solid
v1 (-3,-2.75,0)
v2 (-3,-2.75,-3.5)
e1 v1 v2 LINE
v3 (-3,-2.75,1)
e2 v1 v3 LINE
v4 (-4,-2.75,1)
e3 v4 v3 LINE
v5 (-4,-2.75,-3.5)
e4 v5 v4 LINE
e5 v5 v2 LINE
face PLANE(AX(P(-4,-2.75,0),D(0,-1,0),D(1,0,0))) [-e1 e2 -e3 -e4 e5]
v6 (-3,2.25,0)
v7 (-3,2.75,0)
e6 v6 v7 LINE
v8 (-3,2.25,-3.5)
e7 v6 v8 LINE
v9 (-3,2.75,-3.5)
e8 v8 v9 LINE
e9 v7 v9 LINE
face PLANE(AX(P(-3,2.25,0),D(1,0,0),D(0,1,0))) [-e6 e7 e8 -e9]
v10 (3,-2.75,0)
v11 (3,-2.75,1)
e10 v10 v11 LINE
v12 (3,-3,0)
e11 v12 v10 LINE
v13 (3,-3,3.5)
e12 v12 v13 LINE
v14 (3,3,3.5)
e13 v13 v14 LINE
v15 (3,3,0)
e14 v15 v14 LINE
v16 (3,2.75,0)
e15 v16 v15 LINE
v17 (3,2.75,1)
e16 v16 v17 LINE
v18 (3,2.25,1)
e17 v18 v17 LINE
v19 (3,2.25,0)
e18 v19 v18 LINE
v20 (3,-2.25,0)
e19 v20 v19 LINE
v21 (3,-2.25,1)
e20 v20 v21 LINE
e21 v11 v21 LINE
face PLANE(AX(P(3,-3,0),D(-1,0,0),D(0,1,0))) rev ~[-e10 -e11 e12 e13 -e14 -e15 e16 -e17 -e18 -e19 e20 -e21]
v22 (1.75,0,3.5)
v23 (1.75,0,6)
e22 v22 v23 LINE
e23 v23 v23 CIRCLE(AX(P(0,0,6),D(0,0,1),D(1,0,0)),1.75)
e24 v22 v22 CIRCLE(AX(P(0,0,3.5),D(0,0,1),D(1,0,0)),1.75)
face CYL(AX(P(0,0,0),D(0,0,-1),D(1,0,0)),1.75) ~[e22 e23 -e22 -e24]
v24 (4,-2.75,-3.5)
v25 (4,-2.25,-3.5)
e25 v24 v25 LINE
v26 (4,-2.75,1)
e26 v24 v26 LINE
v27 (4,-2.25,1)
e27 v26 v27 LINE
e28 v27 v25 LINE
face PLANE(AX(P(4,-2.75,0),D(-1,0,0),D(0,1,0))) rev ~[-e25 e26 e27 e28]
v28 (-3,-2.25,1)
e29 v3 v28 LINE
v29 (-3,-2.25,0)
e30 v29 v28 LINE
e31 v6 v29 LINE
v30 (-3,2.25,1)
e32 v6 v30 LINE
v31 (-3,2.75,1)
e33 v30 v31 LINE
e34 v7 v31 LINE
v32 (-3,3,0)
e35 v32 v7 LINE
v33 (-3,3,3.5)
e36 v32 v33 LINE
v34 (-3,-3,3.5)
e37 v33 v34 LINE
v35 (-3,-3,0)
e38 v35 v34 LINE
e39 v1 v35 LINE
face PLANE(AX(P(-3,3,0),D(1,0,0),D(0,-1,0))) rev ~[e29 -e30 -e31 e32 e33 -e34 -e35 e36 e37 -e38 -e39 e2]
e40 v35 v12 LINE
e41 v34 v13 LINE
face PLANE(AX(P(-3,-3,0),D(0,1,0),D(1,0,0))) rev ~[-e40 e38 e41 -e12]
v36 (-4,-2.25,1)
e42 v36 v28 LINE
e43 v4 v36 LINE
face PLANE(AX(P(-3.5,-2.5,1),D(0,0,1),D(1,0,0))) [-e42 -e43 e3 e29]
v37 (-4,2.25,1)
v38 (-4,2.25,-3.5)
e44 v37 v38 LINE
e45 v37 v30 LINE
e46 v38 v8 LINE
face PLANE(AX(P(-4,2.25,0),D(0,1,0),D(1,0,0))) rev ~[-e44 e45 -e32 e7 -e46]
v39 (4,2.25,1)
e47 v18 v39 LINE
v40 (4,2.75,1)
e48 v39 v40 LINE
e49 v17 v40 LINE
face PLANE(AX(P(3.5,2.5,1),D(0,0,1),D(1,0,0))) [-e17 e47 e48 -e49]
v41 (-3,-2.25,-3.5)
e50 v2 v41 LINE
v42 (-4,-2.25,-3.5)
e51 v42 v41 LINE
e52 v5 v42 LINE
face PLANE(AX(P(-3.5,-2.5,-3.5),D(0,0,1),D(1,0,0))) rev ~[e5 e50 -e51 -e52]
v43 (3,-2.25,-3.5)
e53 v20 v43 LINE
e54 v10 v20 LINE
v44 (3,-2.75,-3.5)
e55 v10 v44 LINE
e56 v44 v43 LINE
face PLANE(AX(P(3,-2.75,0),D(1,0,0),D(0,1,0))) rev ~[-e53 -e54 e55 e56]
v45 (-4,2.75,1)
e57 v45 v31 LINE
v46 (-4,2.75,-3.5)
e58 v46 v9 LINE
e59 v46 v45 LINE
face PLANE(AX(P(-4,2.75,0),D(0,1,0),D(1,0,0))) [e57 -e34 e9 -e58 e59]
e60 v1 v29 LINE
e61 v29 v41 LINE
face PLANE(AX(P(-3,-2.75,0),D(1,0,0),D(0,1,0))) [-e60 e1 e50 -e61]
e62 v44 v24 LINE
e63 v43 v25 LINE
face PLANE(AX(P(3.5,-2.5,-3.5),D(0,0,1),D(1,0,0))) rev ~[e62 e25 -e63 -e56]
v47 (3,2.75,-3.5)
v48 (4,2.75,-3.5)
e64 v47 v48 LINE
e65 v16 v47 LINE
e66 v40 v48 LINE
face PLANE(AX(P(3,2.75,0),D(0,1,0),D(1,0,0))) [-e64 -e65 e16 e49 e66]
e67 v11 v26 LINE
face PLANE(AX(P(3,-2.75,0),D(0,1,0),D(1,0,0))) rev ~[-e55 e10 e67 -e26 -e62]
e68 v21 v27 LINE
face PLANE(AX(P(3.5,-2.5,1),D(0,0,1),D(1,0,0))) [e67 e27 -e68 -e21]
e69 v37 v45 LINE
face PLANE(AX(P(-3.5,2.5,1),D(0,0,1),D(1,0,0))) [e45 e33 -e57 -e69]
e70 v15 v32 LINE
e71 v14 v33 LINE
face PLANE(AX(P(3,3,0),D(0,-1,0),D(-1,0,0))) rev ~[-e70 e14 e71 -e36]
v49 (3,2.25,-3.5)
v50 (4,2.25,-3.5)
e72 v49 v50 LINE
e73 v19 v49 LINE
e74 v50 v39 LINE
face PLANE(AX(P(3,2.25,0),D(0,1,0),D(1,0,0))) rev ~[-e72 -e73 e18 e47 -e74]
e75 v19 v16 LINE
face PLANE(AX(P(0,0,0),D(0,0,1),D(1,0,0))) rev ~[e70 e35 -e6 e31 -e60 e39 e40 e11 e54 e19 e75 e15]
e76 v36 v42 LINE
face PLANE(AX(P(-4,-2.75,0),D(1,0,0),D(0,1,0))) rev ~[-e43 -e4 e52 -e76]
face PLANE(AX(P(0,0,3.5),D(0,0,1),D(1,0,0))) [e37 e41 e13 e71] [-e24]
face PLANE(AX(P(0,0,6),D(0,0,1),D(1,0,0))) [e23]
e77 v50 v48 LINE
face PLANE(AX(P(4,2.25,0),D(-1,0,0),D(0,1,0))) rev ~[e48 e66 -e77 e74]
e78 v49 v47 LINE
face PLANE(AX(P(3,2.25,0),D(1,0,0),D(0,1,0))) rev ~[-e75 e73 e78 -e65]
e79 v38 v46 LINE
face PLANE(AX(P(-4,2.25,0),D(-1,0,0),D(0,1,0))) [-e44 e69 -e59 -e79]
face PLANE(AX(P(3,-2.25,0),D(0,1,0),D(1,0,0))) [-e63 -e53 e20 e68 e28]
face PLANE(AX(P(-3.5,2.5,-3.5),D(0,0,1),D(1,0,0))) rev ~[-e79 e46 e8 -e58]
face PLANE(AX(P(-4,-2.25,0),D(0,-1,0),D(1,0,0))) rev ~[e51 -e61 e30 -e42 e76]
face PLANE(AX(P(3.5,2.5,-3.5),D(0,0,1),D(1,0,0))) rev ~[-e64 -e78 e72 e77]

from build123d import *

# Parameters (mm, degrees)
F0_R          = 1.75
F1_DEPTH      = 3.5
F2_DEPTH      = 6
F0_W          = 1
F0_H          = 0.5
F3_DEPTH      = 1
F3_DEPTH_BACK = 3.5


with BuildPart() as f1:
    # F0 (on Top) → F1 (new body)
    with BuildSketch(Plane.XY):
        Polygon((3, 2.75), (3, 3), (-3, 3), (-3, 2.75), (-3, 2.25), (-3, -2.25), (-3, -2.75), (-3, -3), (3, -3), (3, -2.75), (3, -2.25), (3, 2.25), align=None)
        Circle(F0_R, mode=Mode.SUBTRACT)
    extrude(amount=F1_DEPTH)

    # F0 (on Top) → F2 (join)
    with BuildSketch(Plane.XY):
        Circle(F0_R)
    extrude(amount=F2_DEPTH)

    # F0 (on Top) → F3 (join, two sides)
    with BuildSketch(Plane.XY) as f3_sk:
        with Locations((-3.5, -2.5)):
            Rectangle(F0_W, F0_H)
        with Locations((-3.5, 2.5)):
            Rectangle(F0_W, F0_H)
        with Locations((3.5, 2.5)):
            Rectangle(F0_W, F0_H)
        with Locations((3.5, -2.5)):
            Rectangle(F0_W, F0_H)
    extrude(amount=F3_DEPTH)
    extrude(f3_sk.sketch, amount=-F3_DEPTH_BACK)


solid = f1.part
